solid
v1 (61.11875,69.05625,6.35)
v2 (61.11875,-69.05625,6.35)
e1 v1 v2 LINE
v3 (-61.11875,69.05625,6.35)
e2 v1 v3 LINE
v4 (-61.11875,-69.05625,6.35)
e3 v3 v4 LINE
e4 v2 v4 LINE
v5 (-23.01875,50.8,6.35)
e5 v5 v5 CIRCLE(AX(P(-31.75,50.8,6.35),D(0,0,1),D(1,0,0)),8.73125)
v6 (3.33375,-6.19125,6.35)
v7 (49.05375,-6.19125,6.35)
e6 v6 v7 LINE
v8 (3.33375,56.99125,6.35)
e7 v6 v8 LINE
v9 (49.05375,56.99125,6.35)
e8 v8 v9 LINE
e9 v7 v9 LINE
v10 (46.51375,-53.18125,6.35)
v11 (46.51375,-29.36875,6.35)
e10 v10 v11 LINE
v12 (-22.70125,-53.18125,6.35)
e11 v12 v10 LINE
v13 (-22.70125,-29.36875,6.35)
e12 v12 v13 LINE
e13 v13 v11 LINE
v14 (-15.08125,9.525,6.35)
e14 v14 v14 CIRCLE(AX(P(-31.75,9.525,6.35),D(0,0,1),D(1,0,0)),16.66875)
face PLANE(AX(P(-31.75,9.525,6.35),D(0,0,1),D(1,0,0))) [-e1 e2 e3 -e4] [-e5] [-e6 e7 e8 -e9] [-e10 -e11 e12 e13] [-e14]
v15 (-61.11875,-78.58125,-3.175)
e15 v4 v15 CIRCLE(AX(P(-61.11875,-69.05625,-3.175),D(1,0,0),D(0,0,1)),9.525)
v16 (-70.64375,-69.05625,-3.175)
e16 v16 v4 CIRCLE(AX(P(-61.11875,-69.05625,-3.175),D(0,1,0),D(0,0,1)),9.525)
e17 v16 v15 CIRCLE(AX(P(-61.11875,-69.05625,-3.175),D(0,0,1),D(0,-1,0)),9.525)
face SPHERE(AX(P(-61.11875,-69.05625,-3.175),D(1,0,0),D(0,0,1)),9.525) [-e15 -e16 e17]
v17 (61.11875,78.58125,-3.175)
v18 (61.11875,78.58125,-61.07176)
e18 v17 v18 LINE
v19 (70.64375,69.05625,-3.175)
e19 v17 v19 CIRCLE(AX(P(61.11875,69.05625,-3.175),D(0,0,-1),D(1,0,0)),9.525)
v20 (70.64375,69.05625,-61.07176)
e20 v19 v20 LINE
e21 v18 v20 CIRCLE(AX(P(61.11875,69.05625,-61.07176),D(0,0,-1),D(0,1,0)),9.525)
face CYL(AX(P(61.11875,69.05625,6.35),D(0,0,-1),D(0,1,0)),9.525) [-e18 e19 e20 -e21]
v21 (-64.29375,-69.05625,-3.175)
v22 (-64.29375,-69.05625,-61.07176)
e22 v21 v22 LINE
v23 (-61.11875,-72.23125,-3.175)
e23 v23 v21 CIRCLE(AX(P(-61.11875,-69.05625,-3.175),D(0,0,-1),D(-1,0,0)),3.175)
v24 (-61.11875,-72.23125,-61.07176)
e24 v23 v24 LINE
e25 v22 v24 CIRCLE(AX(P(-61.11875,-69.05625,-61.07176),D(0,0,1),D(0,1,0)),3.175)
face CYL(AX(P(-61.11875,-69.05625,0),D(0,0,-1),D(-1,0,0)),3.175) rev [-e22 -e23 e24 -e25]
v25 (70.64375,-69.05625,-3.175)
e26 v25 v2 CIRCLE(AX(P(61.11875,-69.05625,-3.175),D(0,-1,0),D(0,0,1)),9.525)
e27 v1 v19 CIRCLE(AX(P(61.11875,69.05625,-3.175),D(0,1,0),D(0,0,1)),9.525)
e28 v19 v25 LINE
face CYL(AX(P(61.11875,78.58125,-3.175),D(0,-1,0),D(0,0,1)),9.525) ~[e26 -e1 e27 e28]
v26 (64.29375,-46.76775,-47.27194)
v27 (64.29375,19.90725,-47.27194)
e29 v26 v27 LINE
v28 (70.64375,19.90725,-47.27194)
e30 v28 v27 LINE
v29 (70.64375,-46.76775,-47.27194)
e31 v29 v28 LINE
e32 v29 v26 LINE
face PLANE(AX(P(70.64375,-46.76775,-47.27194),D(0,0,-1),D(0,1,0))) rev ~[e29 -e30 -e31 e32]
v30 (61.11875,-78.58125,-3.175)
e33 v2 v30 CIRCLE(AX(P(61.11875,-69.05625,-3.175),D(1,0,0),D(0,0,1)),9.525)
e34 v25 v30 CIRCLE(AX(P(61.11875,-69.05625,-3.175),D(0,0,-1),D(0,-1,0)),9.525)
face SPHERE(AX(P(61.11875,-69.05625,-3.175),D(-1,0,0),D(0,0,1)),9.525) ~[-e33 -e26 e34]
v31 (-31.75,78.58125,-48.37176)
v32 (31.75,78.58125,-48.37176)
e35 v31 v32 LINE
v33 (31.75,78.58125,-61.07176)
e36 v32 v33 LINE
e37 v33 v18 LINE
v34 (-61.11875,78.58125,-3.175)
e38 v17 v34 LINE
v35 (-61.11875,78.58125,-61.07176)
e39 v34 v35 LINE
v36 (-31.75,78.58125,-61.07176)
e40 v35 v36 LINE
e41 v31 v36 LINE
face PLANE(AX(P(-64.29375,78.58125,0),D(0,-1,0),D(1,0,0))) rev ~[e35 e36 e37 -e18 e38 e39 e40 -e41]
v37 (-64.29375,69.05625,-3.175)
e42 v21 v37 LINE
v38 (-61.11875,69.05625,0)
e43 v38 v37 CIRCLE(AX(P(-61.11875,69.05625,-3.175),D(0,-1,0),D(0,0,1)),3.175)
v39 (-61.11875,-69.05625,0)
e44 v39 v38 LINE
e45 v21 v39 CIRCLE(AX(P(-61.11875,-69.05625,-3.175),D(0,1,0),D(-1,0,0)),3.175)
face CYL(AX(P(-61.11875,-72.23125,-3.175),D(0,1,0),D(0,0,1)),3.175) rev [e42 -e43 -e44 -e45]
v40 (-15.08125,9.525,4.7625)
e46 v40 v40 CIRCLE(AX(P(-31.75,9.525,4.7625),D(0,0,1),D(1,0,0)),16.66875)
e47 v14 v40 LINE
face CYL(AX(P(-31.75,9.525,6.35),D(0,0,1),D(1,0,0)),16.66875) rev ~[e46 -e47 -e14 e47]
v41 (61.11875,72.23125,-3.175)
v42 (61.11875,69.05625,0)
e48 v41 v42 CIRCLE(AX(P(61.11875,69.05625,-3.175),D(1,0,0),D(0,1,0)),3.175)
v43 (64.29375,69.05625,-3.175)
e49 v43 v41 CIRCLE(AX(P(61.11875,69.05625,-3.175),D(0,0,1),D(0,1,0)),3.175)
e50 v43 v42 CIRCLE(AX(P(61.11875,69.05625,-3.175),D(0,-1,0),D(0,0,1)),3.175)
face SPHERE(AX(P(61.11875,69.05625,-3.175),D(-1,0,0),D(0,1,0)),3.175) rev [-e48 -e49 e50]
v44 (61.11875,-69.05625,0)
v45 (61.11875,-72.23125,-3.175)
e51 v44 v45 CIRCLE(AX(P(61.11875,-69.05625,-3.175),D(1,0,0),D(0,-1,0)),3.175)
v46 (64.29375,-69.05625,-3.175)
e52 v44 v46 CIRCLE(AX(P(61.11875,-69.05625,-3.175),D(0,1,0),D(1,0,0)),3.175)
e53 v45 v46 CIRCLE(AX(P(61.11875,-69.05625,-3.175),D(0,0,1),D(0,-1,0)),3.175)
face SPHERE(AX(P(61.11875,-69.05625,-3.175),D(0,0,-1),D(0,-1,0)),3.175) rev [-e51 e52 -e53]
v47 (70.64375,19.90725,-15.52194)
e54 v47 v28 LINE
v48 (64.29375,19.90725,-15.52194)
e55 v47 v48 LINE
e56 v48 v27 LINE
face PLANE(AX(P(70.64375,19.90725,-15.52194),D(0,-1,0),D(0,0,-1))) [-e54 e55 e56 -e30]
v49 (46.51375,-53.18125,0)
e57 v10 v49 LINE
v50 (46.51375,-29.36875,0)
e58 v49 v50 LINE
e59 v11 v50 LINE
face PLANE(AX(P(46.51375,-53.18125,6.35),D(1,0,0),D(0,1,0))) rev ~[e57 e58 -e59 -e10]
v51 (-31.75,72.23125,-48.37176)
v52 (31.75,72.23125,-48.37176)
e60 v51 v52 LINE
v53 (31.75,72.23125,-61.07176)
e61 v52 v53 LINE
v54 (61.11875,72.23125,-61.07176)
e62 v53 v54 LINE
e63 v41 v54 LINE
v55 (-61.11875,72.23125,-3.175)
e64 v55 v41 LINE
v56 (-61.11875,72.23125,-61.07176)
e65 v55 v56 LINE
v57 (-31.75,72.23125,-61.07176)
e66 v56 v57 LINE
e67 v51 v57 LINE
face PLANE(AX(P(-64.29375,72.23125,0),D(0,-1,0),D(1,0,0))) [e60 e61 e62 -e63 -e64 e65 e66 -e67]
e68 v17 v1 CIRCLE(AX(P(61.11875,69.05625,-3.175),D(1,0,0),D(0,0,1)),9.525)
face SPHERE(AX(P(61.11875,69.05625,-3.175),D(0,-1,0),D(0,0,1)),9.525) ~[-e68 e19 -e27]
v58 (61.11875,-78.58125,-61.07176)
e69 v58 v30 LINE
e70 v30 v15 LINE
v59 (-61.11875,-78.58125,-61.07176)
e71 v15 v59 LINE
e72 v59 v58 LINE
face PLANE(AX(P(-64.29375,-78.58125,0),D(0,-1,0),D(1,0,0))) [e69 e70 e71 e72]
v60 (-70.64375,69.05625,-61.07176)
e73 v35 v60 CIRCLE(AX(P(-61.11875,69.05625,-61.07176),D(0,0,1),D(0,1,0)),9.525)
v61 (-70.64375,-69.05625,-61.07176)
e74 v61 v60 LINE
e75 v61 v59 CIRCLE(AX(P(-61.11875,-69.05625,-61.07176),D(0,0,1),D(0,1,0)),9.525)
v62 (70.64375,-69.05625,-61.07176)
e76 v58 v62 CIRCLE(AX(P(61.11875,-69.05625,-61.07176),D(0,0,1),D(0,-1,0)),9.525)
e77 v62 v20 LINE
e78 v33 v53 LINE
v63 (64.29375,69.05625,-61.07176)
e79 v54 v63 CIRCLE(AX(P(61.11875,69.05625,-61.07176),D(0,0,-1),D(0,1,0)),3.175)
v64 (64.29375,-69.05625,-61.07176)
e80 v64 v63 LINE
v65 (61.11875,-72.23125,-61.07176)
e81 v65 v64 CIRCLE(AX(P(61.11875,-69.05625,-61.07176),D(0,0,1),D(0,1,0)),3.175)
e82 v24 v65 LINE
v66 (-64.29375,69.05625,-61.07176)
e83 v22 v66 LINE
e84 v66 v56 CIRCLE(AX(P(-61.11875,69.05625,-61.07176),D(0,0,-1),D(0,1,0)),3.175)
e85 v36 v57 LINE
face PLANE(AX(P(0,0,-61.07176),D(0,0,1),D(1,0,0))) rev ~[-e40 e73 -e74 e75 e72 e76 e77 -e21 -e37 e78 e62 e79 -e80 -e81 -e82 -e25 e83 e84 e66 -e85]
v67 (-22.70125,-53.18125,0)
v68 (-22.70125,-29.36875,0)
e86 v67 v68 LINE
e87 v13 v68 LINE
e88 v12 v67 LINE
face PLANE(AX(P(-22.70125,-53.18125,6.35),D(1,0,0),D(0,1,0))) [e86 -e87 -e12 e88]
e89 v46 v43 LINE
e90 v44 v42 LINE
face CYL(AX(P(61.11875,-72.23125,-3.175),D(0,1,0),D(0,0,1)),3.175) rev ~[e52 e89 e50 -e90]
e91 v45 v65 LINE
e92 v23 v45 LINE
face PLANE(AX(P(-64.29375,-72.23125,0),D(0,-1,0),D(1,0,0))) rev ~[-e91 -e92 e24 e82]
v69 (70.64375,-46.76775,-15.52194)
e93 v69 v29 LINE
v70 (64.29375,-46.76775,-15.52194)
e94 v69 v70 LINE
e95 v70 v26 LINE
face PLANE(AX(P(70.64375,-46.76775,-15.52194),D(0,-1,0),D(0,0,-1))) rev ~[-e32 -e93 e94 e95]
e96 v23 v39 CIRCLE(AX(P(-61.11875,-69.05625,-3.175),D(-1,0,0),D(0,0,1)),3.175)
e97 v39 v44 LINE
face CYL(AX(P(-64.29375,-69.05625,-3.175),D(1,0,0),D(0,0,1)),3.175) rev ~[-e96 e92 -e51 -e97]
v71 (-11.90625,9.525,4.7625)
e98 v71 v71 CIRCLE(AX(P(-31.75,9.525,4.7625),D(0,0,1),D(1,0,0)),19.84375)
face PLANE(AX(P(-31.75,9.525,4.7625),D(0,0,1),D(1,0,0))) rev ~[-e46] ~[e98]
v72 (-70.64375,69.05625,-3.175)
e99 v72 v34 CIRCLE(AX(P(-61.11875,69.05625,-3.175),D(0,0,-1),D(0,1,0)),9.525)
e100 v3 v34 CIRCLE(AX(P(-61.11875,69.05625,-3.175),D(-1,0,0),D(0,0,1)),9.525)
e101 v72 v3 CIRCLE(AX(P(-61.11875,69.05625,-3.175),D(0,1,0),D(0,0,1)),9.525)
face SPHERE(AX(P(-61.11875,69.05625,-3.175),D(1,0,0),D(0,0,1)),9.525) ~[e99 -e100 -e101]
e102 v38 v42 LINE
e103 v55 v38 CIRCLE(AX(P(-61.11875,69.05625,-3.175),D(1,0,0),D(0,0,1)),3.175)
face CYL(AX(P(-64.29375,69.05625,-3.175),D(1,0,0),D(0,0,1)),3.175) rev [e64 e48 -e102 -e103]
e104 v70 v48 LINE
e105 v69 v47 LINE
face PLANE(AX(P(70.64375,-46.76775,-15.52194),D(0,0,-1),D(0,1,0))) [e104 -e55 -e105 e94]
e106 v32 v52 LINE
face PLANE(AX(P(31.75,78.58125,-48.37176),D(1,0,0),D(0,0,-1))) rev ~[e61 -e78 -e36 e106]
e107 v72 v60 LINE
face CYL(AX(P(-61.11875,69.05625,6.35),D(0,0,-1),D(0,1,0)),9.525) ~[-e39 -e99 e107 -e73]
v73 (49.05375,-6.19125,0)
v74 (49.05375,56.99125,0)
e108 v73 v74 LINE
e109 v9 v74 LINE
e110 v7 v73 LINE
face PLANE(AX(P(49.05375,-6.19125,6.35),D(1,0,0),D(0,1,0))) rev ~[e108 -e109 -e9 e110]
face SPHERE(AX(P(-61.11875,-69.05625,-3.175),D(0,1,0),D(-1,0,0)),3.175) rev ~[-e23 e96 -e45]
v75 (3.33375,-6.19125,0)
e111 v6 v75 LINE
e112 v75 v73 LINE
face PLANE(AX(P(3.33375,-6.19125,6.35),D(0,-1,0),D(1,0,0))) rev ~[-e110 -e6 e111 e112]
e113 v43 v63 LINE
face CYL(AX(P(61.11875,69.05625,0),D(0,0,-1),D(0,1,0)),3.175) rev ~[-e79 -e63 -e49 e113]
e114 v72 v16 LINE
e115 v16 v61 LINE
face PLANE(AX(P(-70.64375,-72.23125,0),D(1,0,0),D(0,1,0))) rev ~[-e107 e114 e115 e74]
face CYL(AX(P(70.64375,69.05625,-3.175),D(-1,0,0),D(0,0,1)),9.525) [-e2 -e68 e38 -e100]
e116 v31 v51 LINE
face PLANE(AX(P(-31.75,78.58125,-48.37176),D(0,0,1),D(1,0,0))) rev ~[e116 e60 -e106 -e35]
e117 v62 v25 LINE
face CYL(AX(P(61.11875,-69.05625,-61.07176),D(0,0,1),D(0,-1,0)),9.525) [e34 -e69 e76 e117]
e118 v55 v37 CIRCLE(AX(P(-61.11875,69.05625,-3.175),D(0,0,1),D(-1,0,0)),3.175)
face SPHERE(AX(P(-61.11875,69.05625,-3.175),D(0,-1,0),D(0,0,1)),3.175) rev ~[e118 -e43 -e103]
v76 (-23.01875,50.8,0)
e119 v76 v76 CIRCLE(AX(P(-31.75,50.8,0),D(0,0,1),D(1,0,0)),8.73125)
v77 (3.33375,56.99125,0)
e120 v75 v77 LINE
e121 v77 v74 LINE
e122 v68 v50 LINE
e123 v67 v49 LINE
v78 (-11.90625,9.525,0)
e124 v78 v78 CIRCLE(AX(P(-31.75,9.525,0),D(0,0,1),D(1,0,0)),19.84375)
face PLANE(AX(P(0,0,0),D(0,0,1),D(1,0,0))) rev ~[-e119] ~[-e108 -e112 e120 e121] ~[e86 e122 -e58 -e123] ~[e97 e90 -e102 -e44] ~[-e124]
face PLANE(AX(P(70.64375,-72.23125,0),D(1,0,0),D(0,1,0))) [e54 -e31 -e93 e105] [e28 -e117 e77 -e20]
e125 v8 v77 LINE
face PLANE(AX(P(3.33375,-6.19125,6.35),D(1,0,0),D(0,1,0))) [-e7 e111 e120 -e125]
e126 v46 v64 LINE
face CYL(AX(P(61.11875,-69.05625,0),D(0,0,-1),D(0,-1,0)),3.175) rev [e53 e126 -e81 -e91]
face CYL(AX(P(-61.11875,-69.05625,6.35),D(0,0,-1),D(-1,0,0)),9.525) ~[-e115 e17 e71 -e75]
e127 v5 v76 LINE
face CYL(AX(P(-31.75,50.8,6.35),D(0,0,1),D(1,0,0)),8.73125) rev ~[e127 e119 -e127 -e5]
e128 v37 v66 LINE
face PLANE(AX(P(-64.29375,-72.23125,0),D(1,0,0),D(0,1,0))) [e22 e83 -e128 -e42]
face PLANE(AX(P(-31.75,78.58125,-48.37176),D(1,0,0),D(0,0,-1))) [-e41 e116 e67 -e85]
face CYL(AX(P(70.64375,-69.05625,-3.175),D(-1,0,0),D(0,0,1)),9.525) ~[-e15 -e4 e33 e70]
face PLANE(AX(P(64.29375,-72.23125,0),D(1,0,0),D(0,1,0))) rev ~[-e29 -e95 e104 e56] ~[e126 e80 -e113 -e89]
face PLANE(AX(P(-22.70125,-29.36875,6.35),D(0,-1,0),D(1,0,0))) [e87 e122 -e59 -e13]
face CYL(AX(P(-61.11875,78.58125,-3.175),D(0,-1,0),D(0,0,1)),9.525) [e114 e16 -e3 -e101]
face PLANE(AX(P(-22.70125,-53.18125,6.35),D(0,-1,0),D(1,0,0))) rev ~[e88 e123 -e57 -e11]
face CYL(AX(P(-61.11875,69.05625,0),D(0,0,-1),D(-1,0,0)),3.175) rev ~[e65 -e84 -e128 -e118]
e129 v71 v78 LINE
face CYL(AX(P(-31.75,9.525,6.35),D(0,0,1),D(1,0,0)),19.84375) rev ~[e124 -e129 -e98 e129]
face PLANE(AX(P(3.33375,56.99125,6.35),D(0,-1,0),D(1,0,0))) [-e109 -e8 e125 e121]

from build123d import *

# Parameters (mm, degrees)
SKETCH1_W           = 128.5875
SKETCH1_H           = 144.4625
BOSS_EXTRUDE1_DEPTH = 61.07176
SHELL1_T            = 6.35
SKETCH2_R           = 8.73125
SKETCH2_R_2         = 19.84375
SKETCH2_W           = 45.72
SKETCH2_H           = 63.1825
SKETCH2_W_2         = 69.215
SKETCH2_H_2         = 23.8125
CUT_EXTRUDE1_DEPTH  = 126.344509202
SKETCH3_W           = 31.75
SKETCH3_H           = 66.675
CUT_EXTRUDE2_DEPTH  = 6.35
SKETCH4_R           = 19.84375
SKETCH4_R_2         = 16.66875
BOSS_EXTRUDE2_DEPTH = 1.5875
SKETCH5_W           = 63.5
SKETCH5_H           = 12.7
CUT_EXTRUDE3_DEPTH  = 6.35
FILLET1_R           = 9.525
FILLET2_R           = 3.175


with BuildPart() as part:
    # Sketch1 → Boss-Extrude1 (new body)
    with BuildSketch(Plane.XY):
        Rectangle(SKETCH1_W, SKETCH1_H)
    extrude(amount=-BOSS_EXTRUDE1_DEPTH)

    # Shell1
    shell1_openings = [part.faces().sort_by_distance(p)[0] for p in [
        (0, 0, -61.07176),
    ]]
    offset(amount=SHELL1_T, openings=shell1_openings, kind=Kind.INTERSECTION)

    # Sketch2 → Cut-Extrude1 (cut, through all)
    with BuildSketch(Plane.XY.offset(6.35)):
        with Locations((-31.75, 50.8)):
            Circle(SKETCH2_R)
        with Locations((-31.75, 9.525)):
            Circle(SKETCH2_R_2)
        with Locations((26.19375, 25.4)):
            Rectangle(SKETCH2_W, SKETCH2_H)
        with Locations((11.90625, -41.275)):
            Rectangle(SKETCH2_W_2, SKETCH2_H_2)
    extrude(amount=-CUT_EXTRUDE1_DEPTH, mode=Mode.SUBTRACT)

    # Sketch3 → Cut-Extrude2 (cut)
    with BuildSketch(Plane(origin=(70.64375, 0, 0), x_dir=(0, 0, -1), z_dir=(1, 0, 0))):
        with Locations((31.39694, -13.43025)):
            Rectangle(SKETCH3_W, SKETCH3_H)
    extrude(amount=-CUT_EXTRUDE2_DEPTH, mode=Mode.SUBTRACT)

    # Sketch4 → Boss-Extrude2 (add)
    with BuildSketch(Plane.XY.offset(6.35)):
        with Locations((-31.75, 9.525)):
            Circle(SKETCH4_R)
        with Locations((-31.75, 9.525)):
            Circle(SKETCH4_R_2, mode=Mode.SUBTRACT)
    extrude(amount=-BOSS_EXTRUDE2_DEPTH)

    # Sketch5 → Cut-Extrude3 (cut)
    with BuildSketch(Plane(origin=(0, 78.58125, 0), x_dir=(1, 0, 0), z_dir=(0, 1, 0))):
        with Locations((0, 54.72176)):
            Rectangle(SKETCH5_W, SKETCH5_H)
    extrude(amount=-CUT_EXTRUDE3_DEPTH, mode=Mode.SUBTRACT)

    # Fillet1
    fillet1_edges = [part.edges().sort_by_distance(p)[0] for p in [
        (0, -78.58125, 6.35),
        (70.64375, 0, 6.35),
        (0, 78.58125, 6.35),
        (-70.64375, 0, 6.35),
        (-70.64375, -78.58125, -27.36088),
        (70.64375, -78.58125, -27.36088),
        (70.64375, 78.58125, -27.36088),
        (-70.64375, 78.58125, -27.36088),
    ]]
    fillet(fillet1_edges, radius=FILLET1_R)

    # Fillet2
    fillet2_edges = [part.edges().sort_by_distance(p)[0] for p in [
        (-64.29375, 0, 0),
        (-64.29375, -72.23125, -30.53588),
        (0, 72.23125, 0),
        (-64.29375, 72.23125, -30.53588),
        (64.29375, 72.23125, -30.53588),
        (64.29375, -72.23125, -30.53588),
        (0, -72.23125, 0),
        (64.29375, 0, 0),
    ]]
    fillet(fillet2_edges, radius=FILLET2_R)


solid = part.part
